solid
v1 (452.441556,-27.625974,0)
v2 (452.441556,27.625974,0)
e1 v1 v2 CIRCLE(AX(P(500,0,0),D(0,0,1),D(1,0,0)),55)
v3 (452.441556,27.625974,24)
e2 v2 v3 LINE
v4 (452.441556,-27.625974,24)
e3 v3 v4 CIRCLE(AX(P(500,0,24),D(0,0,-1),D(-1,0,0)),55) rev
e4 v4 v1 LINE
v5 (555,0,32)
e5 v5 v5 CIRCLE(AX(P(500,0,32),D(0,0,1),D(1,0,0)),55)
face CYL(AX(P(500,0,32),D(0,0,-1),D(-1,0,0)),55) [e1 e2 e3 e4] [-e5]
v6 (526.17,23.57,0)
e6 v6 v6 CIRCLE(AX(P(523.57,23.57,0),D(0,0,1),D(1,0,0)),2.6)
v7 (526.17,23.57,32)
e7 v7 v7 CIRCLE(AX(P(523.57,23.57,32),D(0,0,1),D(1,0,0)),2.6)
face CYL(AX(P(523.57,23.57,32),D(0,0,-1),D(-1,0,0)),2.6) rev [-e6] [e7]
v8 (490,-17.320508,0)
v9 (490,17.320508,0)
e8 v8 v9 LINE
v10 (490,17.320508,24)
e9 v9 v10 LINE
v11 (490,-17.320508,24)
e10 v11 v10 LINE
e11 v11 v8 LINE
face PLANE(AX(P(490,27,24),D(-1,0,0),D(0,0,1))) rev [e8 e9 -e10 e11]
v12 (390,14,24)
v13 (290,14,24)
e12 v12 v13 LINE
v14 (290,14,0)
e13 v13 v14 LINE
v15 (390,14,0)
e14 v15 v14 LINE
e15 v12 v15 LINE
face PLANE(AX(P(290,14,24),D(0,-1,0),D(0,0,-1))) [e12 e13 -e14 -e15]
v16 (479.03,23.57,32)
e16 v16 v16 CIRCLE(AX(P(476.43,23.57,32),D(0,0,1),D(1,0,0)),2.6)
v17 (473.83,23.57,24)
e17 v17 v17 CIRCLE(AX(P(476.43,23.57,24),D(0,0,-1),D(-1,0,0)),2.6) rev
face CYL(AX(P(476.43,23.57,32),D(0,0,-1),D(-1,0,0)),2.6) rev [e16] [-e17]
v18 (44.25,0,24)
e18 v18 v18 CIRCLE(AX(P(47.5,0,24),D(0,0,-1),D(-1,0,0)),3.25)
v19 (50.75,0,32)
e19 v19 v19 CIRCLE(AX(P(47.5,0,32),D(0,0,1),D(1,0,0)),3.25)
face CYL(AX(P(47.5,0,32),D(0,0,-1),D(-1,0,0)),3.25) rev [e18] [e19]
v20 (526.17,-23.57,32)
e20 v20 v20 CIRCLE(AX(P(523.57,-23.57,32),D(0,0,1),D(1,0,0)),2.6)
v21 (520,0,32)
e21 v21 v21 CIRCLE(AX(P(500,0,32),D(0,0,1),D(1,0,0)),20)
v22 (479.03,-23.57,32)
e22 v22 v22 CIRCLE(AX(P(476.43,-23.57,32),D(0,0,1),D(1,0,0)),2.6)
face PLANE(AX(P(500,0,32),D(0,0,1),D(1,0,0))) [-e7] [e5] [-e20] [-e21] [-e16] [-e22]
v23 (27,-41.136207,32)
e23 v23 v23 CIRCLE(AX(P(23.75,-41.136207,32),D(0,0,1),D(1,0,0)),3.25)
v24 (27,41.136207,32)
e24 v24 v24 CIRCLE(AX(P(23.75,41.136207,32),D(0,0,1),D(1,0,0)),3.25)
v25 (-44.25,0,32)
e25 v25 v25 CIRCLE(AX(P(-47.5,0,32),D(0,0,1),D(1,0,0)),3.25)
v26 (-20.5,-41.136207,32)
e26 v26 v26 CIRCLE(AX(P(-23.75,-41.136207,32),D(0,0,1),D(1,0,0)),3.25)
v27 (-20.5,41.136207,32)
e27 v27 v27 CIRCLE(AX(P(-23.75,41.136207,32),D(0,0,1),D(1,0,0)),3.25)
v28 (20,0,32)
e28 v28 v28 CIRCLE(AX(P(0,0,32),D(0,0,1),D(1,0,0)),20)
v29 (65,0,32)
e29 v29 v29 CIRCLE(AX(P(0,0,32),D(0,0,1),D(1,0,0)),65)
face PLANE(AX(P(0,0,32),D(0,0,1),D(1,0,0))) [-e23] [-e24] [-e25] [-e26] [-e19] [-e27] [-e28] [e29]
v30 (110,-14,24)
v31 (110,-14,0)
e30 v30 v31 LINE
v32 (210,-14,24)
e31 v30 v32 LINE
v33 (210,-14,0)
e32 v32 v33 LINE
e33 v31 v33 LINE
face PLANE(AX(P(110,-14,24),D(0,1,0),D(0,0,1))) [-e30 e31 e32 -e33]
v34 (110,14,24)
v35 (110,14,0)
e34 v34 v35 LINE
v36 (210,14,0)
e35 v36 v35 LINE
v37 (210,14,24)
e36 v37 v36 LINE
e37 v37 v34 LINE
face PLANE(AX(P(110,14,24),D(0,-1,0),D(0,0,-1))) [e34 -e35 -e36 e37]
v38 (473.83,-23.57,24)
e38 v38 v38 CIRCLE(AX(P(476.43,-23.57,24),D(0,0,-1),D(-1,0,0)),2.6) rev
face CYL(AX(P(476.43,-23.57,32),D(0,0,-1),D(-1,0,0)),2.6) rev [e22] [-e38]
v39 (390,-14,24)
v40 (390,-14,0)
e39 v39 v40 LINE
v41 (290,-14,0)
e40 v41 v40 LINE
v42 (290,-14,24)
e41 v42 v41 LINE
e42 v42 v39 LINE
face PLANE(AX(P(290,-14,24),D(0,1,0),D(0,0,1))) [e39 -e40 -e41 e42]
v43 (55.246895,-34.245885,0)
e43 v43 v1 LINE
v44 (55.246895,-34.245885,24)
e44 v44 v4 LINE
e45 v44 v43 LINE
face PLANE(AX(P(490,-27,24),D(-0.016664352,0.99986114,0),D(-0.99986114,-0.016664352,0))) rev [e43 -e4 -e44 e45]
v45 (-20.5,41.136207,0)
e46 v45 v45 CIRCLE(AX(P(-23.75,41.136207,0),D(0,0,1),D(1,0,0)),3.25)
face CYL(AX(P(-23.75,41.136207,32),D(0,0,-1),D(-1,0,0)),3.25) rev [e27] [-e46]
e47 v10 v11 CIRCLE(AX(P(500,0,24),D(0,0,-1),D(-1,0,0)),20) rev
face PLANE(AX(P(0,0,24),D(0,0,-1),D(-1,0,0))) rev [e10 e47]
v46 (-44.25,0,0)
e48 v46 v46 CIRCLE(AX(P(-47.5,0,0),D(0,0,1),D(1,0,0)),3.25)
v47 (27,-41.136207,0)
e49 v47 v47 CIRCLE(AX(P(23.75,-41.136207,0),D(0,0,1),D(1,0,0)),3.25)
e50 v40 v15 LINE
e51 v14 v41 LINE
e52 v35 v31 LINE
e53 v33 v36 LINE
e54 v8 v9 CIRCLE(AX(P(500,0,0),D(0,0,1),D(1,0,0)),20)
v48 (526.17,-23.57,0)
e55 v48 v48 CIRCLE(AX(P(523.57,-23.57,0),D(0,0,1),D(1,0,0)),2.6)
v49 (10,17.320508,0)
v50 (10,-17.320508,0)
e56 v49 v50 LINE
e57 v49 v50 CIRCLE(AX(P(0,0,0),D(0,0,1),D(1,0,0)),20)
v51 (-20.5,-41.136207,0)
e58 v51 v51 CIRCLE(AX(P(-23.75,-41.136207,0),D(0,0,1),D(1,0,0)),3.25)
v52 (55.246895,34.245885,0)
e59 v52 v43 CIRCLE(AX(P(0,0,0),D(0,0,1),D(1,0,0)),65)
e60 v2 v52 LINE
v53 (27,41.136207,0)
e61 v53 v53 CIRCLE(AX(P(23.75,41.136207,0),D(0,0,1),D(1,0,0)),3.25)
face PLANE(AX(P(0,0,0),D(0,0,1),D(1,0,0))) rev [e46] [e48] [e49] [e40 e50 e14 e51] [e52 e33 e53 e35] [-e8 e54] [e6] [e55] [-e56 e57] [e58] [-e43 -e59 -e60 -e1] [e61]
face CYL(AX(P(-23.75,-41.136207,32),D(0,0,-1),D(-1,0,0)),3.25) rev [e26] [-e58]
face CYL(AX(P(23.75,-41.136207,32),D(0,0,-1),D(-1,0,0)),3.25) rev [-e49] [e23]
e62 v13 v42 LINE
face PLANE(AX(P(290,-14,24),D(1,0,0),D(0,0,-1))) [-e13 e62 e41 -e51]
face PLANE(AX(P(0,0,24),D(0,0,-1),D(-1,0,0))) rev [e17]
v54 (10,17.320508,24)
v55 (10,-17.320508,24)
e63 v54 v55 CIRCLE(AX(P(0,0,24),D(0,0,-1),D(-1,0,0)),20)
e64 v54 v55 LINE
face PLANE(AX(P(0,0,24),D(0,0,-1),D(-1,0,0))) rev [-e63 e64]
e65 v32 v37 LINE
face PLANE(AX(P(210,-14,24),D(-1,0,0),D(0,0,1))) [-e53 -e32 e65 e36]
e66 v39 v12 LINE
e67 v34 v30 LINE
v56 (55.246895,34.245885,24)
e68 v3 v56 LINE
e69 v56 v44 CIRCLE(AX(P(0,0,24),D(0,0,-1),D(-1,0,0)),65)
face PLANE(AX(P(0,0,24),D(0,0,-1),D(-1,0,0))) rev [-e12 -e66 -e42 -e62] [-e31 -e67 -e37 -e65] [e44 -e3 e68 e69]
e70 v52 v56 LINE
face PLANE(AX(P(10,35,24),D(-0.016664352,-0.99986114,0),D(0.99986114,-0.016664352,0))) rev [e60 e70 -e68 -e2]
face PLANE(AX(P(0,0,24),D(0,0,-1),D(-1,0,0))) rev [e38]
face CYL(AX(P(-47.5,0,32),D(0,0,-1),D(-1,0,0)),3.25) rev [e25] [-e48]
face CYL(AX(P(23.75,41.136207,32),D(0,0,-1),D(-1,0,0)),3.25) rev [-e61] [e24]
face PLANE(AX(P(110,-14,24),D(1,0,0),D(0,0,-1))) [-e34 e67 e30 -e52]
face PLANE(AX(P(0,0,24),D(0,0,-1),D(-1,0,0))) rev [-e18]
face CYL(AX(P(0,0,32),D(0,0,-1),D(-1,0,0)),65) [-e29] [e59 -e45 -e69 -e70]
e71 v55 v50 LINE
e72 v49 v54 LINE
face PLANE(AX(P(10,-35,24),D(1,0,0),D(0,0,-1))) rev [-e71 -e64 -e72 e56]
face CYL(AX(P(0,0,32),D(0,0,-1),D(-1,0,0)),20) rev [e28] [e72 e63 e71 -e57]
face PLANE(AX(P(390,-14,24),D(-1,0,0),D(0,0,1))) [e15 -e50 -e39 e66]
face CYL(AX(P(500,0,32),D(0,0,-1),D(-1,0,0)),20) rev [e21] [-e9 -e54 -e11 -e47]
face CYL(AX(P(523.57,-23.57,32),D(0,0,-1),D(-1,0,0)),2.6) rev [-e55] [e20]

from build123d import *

# Parameters (mm, degrees)
SKETCH1_R           = 65
SKETCH1_R_2         = 20
SKETCH1_R_3         = 3.25
BOSS_EXTRUDE1_DEPTH = 32
SKETCH2_R           = 55
SKETCH2_R_2         = 20
SKETCH2_R_3         = 2.6
BOSS_EXTRUDE2_DEPTH = 32
SKETCH3_W           = 100
SKETCH3_H           = 28
BOSS_EXTRUDE3_DEPTH = 24


with BuildPart() as part:
    # Sketch1 → Boss-Extrude1 (new body)
    with BuildSketch(Plane.XY):
        Circle(SKETCH1_R)
        Circle(SKETCH1_R_2, mode=Mode.SUBTRACT)
        with Locations((47.5, 0)):
            Circle(SKETCH1_R_3, mode=Mode.SUBTRACT)
        with Locations((23.75, 41.13620668)):
            Circle(SKETCH1_R_3, mode=Mode.SUBTRACT)
        with Locations((-23.75, 41.13620668)):
            Circle(SKETCH1_R_3, mode=Mode.SUBTRACT)
        with Locations((-47.5, 0)):
            Circle(SKETCH1_R_3, mode=Mode.SUBTRACT)
        with Locations((-23.75, -41.13620668)):
            Circle(SKETCH1_R_3, mode=Mode.SUBTRACT)
        with Locations((23.75, -41.13620668)):
            Circle(SKETCH1_R_3, mode=Mode.SUBTRACT)
    extrude(amount=BOSS_EXTRUDE1_DEPTH)



with BuildPart() as body_2:
    # Sketch2 → Boss-Extrude2 (new body)
    with BuildSketch(Plane.XY):
        with Locations((500, 0)):
            Circle(SKETCH2_R)
        with Locations((500, 0)):
            Circle(SKETCH2_R_2, mode=Mode.SUBTRACT)
        with Locations((476.43, -23.57)):
            Circle(SKETCH2_R_3, mode=Mode.SUBTRACT)
        with Locations((476.43, 23.57)):
            Circle(SKETCH2_R_3, mode=Mode.SUBTRACT)
        with Locations((523.57, -23.57)):
            Circle(SKETCH2_R_3, mode=Mode.SUBTRACT)
        with Locations((523.57, 23.57)):
            Circle(SKETCH2_R_3, mode=Mode.SUBTRACT)
    extrude(amount=BOSS_EXTRUDE2_DEPTH)


with BuildPart() as part_1:
    add(part.part)

    add(body_2.part)  # Boss-Extrude3 merges body 2
    # Sketch3 → Boss-Extrude3 (add)
    with BuildSketch(Plane.XY):
        Polygon((10, -35), (10, 35), (490, 27), (490, -27), align=None)
        with Locations((160, 0)):
            Rectangle(SKETCH3_W, SKETCH3_H, mode=Mode.SUBTRACT)
        with Locations((340, 0)):
            Rectangle(SKETCH3_W, SKETCH3_H, mode=Mode.SUBTRACT)
    extrude(amount=BOSS_EXTRUDE3_DEPTH)


solid = part_1.part
